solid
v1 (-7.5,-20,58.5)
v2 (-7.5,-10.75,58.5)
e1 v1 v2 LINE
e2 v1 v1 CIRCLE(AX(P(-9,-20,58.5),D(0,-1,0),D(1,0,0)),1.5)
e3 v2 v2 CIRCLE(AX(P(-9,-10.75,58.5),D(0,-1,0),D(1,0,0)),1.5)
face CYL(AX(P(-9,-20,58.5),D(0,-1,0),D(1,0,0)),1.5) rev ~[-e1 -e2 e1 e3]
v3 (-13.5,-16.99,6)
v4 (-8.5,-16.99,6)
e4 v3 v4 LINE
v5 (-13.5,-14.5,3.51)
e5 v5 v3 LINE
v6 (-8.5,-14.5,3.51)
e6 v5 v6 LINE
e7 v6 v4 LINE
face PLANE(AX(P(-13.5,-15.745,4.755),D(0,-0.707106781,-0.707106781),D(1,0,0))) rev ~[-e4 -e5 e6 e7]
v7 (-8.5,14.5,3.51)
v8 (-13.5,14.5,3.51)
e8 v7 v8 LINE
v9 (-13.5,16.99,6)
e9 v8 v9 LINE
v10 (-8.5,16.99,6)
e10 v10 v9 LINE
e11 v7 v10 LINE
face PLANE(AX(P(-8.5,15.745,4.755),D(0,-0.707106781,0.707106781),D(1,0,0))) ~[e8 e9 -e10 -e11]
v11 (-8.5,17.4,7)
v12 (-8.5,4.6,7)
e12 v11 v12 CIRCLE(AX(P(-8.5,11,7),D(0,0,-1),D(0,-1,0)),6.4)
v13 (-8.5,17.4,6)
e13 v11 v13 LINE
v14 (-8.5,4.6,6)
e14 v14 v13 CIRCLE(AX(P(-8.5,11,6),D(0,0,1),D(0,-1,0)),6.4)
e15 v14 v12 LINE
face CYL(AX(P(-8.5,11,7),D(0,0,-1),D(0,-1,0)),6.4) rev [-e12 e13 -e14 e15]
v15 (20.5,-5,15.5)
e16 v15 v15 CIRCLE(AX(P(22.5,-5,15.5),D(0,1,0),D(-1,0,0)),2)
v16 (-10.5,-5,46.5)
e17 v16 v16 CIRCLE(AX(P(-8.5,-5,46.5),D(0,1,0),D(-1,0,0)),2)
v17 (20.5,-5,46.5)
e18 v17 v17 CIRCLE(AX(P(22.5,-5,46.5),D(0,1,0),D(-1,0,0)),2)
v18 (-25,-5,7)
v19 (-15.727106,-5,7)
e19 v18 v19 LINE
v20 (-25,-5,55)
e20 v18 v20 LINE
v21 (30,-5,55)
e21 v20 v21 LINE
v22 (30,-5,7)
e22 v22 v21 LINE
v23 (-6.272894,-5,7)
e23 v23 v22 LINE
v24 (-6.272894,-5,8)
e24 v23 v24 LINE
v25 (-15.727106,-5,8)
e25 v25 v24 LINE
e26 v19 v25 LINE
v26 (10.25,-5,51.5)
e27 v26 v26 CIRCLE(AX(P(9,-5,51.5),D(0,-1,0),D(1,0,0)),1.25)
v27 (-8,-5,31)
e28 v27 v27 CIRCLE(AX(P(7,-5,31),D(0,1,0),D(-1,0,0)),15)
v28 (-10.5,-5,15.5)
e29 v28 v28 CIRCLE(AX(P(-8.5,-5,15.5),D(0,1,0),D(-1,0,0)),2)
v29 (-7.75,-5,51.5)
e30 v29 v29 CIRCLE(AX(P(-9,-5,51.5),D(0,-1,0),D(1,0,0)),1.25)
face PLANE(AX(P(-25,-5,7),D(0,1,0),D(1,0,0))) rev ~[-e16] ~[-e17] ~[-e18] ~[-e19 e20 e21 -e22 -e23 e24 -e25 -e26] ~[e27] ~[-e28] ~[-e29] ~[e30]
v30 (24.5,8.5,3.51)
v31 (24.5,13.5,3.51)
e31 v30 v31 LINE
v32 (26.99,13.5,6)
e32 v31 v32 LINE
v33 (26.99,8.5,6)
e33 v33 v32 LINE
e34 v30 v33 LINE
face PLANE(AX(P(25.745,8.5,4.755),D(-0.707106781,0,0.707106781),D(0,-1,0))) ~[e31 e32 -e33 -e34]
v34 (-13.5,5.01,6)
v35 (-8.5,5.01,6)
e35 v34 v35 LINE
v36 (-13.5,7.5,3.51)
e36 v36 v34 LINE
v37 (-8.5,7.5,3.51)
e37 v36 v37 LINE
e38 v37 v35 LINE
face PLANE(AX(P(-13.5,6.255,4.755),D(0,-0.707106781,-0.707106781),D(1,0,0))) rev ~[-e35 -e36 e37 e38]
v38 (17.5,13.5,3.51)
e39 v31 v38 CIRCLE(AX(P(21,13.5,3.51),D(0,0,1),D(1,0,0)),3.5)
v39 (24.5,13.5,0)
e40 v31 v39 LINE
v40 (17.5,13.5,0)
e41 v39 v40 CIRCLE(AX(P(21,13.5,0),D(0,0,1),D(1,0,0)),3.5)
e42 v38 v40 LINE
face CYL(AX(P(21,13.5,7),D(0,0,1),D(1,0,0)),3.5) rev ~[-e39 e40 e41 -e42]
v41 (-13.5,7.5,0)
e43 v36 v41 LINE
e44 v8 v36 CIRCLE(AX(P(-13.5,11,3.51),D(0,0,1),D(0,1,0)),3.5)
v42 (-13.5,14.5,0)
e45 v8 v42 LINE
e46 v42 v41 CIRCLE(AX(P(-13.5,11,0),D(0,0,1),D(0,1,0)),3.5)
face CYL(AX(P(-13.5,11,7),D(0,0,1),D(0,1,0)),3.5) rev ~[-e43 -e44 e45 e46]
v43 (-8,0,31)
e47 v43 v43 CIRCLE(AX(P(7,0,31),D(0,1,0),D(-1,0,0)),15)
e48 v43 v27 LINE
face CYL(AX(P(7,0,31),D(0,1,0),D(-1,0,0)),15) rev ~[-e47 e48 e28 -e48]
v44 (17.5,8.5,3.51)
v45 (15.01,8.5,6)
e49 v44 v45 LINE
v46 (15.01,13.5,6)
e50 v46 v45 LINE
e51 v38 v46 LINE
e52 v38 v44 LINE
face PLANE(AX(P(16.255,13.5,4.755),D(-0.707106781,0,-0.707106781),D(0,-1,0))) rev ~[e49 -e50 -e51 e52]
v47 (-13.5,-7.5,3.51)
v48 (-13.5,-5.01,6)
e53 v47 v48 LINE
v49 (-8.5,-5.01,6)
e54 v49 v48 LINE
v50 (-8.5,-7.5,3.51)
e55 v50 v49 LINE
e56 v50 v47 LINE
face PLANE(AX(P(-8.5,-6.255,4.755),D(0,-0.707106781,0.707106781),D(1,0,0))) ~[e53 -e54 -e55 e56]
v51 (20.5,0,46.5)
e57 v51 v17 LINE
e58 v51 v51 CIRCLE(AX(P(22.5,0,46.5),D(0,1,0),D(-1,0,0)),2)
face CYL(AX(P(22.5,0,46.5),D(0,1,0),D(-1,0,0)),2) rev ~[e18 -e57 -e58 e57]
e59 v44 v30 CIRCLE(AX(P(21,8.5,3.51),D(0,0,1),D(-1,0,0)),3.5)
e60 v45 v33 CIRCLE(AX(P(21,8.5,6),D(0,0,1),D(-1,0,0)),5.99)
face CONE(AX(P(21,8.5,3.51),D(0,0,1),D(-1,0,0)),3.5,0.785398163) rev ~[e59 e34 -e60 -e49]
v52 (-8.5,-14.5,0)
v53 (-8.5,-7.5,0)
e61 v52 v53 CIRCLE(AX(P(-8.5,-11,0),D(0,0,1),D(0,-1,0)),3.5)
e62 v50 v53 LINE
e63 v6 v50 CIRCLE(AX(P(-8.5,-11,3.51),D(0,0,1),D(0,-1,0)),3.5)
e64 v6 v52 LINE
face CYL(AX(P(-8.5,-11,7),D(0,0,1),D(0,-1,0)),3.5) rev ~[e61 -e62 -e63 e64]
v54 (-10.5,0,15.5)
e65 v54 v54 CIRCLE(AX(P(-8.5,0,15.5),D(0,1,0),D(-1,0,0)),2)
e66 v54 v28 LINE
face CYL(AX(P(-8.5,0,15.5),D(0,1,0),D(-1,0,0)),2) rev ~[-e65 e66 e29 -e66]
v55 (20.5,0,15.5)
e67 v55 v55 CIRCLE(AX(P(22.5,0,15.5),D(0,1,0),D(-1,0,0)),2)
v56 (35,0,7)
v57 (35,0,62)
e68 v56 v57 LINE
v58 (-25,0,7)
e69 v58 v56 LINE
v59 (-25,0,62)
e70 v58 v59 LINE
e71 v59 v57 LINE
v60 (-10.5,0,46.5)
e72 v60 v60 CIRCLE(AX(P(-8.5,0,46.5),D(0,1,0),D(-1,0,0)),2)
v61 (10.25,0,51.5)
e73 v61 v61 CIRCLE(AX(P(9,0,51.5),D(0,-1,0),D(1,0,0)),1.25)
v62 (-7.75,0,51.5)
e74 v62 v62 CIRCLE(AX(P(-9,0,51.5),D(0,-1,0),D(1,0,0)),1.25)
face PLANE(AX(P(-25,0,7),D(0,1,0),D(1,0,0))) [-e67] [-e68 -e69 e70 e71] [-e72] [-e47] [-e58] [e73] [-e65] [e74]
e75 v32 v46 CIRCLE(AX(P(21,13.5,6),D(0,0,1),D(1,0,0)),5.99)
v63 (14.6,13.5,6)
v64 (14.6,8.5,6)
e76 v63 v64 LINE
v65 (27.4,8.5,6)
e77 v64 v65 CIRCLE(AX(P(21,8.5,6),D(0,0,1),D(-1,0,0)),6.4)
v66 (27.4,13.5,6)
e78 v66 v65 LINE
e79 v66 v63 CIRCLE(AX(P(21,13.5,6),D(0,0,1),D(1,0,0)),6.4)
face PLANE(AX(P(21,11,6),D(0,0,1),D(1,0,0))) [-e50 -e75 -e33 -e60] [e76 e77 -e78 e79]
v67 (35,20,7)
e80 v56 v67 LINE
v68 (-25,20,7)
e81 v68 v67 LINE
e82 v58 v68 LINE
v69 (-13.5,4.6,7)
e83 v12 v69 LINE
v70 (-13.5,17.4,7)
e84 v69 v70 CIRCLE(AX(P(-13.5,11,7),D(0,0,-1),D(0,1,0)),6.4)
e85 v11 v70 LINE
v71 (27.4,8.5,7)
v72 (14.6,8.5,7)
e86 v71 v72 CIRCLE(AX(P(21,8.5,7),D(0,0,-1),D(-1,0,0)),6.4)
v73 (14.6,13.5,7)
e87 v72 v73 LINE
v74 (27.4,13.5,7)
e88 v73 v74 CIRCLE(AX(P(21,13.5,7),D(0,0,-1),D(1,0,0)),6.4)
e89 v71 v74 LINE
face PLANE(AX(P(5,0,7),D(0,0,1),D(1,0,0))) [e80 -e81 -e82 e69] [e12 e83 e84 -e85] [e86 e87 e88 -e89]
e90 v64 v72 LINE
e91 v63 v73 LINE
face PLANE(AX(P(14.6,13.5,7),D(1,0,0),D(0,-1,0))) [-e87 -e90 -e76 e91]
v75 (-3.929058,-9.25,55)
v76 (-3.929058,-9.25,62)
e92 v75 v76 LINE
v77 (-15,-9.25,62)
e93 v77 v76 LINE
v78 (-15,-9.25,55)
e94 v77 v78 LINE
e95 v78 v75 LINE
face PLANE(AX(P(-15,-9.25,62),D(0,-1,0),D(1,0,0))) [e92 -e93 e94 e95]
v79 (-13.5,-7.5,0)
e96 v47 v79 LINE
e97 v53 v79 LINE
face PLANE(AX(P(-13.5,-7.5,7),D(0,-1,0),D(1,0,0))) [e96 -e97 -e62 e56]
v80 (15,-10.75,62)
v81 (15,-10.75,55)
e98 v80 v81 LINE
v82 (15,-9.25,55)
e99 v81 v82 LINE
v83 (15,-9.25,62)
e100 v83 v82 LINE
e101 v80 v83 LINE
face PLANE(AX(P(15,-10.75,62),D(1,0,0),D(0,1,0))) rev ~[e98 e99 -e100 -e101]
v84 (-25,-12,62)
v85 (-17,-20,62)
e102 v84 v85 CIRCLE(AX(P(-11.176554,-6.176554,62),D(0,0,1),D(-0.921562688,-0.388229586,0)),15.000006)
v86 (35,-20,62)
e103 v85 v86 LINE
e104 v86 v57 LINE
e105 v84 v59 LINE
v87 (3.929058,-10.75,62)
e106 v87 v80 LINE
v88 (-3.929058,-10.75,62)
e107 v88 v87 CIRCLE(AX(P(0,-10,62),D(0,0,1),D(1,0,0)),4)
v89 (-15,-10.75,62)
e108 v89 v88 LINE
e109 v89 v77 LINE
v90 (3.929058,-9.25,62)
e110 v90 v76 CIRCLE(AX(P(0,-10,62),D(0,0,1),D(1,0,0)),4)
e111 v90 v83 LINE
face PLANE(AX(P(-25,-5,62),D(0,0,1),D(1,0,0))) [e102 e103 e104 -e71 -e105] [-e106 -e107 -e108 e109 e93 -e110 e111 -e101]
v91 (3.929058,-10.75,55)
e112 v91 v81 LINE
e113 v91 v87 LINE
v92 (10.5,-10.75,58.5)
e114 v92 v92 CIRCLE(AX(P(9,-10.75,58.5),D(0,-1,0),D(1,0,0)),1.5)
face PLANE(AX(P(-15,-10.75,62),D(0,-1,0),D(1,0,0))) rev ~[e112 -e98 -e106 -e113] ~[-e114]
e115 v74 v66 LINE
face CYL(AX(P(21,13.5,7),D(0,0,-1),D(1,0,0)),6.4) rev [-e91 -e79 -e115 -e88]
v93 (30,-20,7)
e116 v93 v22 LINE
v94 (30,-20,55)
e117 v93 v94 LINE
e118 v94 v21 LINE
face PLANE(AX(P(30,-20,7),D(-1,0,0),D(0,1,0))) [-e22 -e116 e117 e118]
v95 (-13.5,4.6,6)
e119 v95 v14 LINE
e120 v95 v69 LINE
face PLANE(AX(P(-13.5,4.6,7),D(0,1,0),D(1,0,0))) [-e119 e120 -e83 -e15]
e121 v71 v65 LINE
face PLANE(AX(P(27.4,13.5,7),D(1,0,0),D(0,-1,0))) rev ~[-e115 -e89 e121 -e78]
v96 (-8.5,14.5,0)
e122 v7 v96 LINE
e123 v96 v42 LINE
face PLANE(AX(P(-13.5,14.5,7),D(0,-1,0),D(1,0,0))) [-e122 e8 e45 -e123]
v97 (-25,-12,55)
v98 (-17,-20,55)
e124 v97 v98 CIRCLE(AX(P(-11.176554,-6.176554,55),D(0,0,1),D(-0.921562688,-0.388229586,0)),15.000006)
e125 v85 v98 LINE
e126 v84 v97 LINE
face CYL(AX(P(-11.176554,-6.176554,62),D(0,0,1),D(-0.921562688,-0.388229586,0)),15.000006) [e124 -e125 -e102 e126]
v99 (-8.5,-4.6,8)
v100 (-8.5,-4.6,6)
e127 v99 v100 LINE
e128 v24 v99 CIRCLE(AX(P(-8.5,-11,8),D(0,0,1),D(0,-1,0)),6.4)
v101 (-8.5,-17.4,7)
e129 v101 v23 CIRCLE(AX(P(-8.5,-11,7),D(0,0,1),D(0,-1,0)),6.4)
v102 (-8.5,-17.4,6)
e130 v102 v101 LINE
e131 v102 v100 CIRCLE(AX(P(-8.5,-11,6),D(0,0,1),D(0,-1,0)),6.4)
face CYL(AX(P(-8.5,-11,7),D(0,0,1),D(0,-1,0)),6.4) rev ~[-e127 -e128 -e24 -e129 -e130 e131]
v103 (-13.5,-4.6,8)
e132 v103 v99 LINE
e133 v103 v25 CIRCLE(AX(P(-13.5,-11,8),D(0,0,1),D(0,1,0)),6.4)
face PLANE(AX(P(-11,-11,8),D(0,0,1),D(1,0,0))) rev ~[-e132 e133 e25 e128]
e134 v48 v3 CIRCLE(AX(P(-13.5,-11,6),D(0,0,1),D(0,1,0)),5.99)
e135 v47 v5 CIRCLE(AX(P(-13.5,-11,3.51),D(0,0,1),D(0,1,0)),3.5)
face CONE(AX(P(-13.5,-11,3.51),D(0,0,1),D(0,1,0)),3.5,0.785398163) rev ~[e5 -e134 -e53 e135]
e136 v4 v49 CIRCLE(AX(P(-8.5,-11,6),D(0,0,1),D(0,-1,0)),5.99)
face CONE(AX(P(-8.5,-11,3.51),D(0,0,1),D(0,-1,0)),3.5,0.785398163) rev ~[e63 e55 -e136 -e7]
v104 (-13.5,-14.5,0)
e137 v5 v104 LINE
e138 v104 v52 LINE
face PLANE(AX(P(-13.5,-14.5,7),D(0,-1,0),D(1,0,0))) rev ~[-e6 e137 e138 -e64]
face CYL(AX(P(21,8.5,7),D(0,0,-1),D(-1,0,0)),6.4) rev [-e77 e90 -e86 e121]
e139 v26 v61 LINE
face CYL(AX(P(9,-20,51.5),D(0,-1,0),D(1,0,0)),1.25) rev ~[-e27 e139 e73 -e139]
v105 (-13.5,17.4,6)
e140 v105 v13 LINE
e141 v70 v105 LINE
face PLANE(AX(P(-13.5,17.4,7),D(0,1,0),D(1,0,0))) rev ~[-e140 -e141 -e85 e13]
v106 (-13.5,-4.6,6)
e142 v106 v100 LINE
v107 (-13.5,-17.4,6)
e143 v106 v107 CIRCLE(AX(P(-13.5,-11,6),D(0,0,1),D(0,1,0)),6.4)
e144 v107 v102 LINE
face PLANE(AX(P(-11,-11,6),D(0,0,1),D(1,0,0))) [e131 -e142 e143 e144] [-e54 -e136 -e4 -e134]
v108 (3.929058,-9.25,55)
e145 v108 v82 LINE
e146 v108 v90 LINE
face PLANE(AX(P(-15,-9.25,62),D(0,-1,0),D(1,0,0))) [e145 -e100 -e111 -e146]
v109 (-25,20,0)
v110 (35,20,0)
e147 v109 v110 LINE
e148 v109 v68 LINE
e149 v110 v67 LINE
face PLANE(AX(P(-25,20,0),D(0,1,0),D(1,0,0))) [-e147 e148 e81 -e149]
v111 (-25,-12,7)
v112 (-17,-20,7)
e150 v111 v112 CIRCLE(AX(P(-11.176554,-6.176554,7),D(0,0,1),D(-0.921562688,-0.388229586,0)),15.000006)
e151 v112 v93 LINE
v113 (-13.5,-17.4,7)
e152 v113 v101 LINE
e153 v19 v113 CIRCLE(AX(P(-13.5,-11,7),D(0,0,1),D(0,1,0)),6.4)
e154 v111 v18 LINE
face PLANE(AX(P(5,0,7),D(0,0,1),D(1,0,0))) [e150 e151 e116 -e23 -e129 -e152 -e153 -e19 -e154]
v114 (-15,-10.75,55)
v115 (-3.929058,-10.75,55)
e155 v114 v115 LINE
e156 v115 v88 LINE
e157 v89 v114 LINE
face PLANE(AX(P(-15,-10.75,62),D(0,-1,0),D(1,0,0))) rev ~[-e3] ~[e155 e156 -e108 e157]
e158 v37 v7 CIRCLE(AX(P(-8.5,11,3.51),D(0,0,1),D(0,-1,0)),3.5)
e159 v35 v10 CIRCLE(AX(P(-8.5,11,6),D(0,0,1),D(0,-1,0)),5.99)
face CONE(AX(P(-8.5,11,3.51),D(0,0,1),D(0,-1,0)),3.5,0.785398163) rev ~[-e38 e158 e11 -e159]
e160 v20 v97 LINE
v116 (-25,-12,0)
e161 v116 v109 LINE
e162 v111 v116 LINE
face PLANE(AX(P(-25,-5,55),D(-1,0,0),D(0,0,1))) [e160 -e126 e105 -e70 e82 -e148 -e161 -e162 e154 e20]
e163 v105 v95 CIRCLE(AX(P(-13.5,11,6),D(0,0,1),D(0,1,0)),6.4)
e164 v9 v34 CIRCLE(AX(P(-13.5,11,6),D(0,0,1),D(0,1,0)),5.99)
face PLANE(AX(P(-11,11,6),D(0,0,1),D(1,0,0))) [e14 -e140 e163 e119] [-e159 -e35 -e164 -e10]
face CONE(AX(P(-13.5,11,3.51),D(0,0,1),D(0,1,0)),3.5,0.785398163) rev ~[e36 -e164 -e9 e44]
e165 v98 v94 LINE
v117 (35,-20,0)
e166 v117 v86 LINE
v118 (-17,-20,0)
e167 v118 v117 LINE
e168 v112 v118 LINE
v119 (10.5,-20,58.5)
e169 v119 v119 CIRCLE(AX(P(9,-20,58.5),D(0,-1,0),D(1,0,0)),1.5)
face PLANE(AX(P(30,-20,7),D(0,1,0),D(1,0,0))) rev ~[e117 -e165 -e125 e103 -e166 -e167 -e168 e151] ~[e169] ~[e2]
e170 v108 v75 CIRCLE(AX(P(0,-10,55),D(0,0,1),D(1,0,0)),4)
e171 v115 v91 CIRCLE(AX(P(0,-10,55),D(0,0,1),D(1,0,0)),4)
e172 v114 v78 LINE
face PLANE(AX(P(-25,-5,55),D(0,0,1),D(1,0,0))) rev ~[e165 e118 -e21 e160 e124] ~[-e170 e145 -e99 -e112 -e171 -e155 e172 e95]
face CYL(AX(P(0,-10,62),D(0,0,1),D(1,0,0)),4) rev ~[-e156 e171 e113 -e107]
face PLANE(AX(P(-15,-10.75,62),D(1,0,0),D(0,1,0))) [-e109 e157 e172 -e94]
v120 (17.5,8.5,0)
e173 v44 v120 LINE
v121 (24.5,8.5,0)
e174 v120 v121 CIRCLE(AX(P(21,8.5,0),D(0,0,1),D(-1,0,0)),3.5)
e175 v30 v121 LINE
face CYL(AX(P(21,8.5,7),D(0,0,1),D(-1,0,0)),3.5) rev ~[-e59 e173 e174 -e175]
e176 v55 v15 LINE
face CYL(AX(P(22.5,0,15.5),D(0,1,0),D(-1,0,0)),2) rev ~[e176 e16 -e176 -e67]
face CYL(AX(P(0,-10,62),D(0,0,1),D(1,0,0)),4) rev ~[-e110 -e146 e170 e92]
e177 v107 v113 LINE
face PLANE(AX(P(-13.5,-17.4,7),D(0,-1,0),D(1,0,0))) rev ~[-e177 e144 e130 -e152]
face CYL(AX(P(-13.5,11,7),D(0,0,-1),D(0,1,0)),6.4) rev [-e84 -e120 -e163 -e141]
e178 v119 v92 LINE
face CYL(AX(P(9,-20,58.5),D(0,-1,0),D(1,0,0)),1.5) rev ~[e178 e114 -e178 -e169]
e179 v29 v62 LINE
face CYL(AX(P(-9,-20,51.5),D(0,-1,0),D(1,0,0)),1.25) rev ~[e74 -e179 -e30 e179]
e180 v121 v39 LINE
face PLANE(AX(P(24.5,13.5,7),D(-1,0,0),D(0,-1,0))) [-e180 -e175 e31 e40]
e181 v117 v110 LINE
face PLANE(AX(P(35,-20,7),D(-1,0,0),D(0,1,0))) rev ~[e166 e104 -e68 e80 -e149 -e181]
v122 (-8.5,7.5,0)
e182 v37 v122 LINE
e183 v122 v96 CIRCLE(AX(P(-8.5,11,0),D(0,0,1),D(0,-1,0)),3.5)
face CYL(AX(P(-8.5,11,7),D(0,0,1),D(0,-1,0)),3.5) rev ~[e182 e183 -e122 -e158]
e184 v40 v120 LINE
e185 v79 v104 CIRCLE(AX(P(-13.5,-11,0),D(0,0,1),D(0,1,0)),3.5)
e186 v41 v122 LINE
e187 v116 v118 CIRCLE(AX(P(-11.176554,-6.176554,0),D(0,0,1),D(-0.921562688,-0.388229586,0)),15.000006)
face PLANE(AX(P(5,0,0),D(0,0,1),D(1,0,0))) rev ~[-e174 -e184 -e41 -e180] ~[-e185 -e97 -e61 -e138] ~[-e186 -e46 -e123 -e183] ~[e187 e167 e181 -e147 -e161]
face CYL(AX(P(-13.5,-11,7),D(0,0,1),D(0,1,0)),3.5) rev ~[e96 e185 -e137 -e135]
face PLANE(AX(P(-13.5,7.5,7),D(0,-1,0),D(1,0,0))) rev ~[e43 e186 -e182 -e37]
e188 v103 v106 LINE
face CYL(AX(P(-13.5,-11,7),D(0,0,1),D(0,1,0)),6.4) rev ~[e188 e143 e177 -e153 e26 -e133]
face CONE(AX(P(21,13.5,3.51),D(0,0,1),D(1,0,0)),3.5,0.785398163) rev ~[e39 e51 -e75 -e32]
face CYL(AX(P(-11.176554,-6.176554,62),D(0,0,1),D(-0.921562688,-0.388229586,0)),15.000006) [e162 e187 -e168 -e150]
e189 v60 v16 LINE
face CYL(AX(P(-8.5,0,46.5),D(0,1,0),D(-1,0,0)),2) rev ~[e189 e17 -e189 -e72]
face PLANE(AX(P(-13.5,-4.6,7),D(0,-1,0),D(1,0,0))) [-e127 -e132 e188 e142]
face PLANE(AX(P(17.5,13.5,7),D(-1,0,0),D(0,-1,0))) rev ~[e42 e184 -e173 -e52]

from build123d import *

# Parameters (mm, degrees)
SKETCH_W             = 60
SKETCH_H             = 40
PAD_DEPTH            = 7
SKETCH001_R          = 3.5
POCKET_DEPTH         = 0.001
POCKET_DEPTH_BACK    = 7.001
SKETCH002_W          = 60
SKETCH002_H          = 5
PAD001_DEPTH         = 55
SKETCH003_W          = 60
SKETCH003_H          = 7
PAD002_DEPTH         = 15
SKETCH004_R          = 4
POCKET001_DEPTH      = 10
SKETCH005_R          = 15
POCKET002_DEPTH      = 10
SKETCH006_R          = 2
POCKET003_DEPTH      = 20.001
POCKET004_DEPTH      = 15
POCKET005_DEPTH      = 1
CHAMFER_SIZE         = 2.49
SKETCH009_W          = 5
SKETCH009_H          = 15
PAD003_DEPTH         = 48
POCKET006_DEPTH      = 62.001
POCKET006_DEPTH_BACK = 0.001
SKETCH011_W          = 30
SKETCH011_H          = 1.5
POCKET007_DEPTH      = 10
SKETCH013_R          = 1.25
POCKET008_DEPTH      = 40.001
SKETCH014_R          = 1.5
POCKET009_DEPTH      = 9.5


with BuildPart() as part:
    # Sketch → Pad (new body)
    with BuildSketch(Plane.XY):
        with Locations((5, 0)):
            Rectangle(SKETCH_W, SKETCH_H)
    extrude(amount=PAD_DEPTH)

    # Sketch001 → Pocket (cut, two sides)
    with BuildSketch(Plane.XY) as pocket_sk:
        with Locations((-11, 11)):
            Circle(SKETCH001_R)
        with Locations((-11, -11)):
            Circle(SKETCH001_R)
        with Locations((21, 11)):
            Circle(SKETCH001_R)
    extrude(amount=-POCKET_DEPTH, mode=Mode.SUBTRACT)
    extrude(pocket_sk.sketch, amount=POCKET_DEPTH_BACK, mode=Mode.SUBTRACT)

    # Sketch002 (on Face5 of Pocket) → Pad001 (join)
    with BuildSketch(Plane.XY.offset(7)):
        with Locations((5, -2.5)):
            Rectangle(SKETCH002_W, SKETCH002_H)
    extrude(amount=PAD001_DEPTH)

    # Sketch003 (on Face14 of Pad001) → Pad002 (join)
    with BuildSketch(Plane.XZ.offset(5)):
        with Locations((5, 58.5)):
            Rectangle(SKETCH003_W, SKETCH003_H)
    extrude(amount=PAD002_DEPTH)

    # Sketch004 (on Face20 of Pad002) → Pocket001 (cut)
    with BuildSketch(Plane.XY.offset(62)):
        with Locations((0, -10)):
            Circle(SKETCH004_R)
    extrude(amount=-POCKET001_DEPTH, mode=Mode.SUBTRACT)

    # Sketch005 (on Face13 of Pocket001) → Pocket002 (cut)
    with BuildSketch(Plane(origin=(0, 0, 0), x_dir=(-1, 0, 0), z_dir=(0, 1, 0))):
        with Locations((-7, 31)):
            Circle(SKETCH005_R)
    extrude(amount=-POCKET002_DEPTH, mode=Mode.SUBTRACT)

    # Sketch006 (on Face13 of Pocket002) → Pocket003 (cut, through all)
    with BuildSketch(Plane(origin=(0, 0, 0), x_dir=(-1, 0, 0), z_dir=(0, 1, 0))):
        with Locations((-22.5, 46.5)):
            Circle(SKETCH006_R)
        with Locations((8.5, 46.5)):
            Circle(SKETCH006_R)
        with Locations((-22.5, 15.5)):
            Circle(SKETCH006_R)
        with Locations((8.5, 15.5)):
            Circle(SKETCH006_R)
    extrude(amount=-POCKET003_DEPTH, mode=Mode.SUBTRACT)

    # Sketch007 (on Face5 of Pocket003) → Pocket004 (cut)
    with BuildSketch(Plane.XY.offset(7)):
        with BuildLine():
            ThreePointArc((-13.5, 14.5), (-17, 11), (-13.5, 7.5))
            Line((-13.5, 7.5), (-8.5, 7.5))
            ThreePointArc((-8.5, 7.5), (-5, 11), (-8.5, 14.5))
            Line((-13.5, 14.5), (-8.5, 14.5))
        make_face()
        with BuildLine():
            ThreePointArc((-13.5, -7.5), (-17, -11), (-13.5, -14.5))
            Line((-13.5, -14.5), (-8.5, -14.5))
            ThreePointArc((-8.5, -14.5), (-5, -11), (-8.5, -7.5))
            Line((-13.5, -7.5), (-8.5, -7.5))
        make_face()
        with BuildLine():
            ThreePointArc((24.5, 13.5), (21, 17), (17.5, 13.5))
            Line((17.5, 13.5), (17.5, 8.5))
            ThreePointArc((17.5, 8.5), (21, 5), (24.5, 8.5))
            Line((24.5, 13.5), (24.5, 8.5))
        make_face()
    extrude(amount=-POCKET004_DEPTH, mode=Mode.SUBTRACT)

    # Sketch008 (on Face5 of Pocket004) → Pocket005 (cut, symmetric)
    with BuildSketch(Plane.XY.offset(7)):
        with BuildLine():
            ThreePointArc((27.4, 13.5), (21, 19.9), (14.6, 13.5))
            Line((14.6, 13.5), (14.6, 8.5))
            ThreePointArc((14.6, 8.5), (21, 2.1), (27.4, 8.5))
            Line((27.4, 13.5), (27.4, 8.5))
        make_face()
        with BuildLine():
            ThreePointArc((-13.5, 17.4), (-19.9, 11), (-13.5, 4.6))
            Line((-13.5, 4.6), (-8.5, 4.6))
            ThreePointArc((-8.5, 4.6), (-2.1, 11), (-8.5, 17.4))
            Line((-13.5, 17.4), (-8.5, 17.4))
        make_face()
        with BuildLine():
            ThreePointArc((-13.5, -4.6), (-19.9, -11), (-13.5, -17.4))
            Line((-13.5, -17.4), (-8.5, -17.4))
            ThreePointArc((-8.5, -17.4), (-2.1, -11), (-8.5, -4.6))
            Line((-13.5, -4.6), (-8.5, -4.6))
        make_face()
    extrude(amount=POCKET005_DEPTH, both=True, mode=Mode.SUBTRACT)

    # Chamfer
    chamfer_edges = [part.edges().sort_by_distance(p)[0] for p in [
        (-17, 11, 6),
        (21, 5, 6),
        (-17, -11, 6),
    ]]
    chamfer(chamfer_edges, length=CHAMFER_SIZE)

    # Sketch009 (on Face37 of Chamfer) → Pad003 (join)
    with BuildSketch(Plane.XY.offset(7)):
        with Locations((32.5, -12.5)):
            Rectangle(SKETCH009_W, SKETCH009_H)
    extrude(amount=PAD003_DEPTH)

    # Sketch010 (on Face76 of Pad003) → Pocket006 (cut, two sides)
    with BuildSketch(Plane.XY.offset(62)) as pocket006_sk:
        with BuildLine():
            Line((-25, -20), (-25, -12))
            ThreePointArc((-25, -12), (-21.78316, -16.78316), (-17, -20))
            Line((-25, -20), (-17, -20))
        make_face()
    extrude(amount=-POCKET006_DEPTH, mode=Mode.SUBTRACT)
    extrude(pocket006_sk.sketch, amount=POCKET006_DEPTH_BACK, mode=Mode.SUBTRACT)

    # Sketch011 (on Face78 of Pocket006) → Pocket007 (cut)
    with BuildSketch(Plane.XY.offset(62)):
        with Locations((0, -10)):
            Rectangle(SKETCH011_W, SKETCH011_H)
    extrude(amount=-POCKET007_DEPTH, mode=Mode.SUBTRACT)

    # Sketch013 (on Face66 of Pocket007) → Pocket008 (cut, through all)
    with BuildSketch(Plane.XZ.offset(20)):
        with Locations((9, 51.5)):
            Circle(SKETCH013_R)
        with Locations((-9, 51.5)):
            Circle(SKETCH013_R)
    extrude(amount=-POCKET008_DEPTH, mode=Mode.SUBTRACT)

    # Sketch014 (on Face66 of Pocket008) → Pocket009 (cut)
    with BuildSketch(Plane.XZ.offset(20)):
        with Locations((-9, 58.5)):
            Circle(SKETCH014_R)
        with Locations((9, 58.5)):
            Circle(SKETCH014_R)
    extrude(amount=-POCKET009_DEPTH, mode=Mode.SUBTRACT)


solid = part.part
